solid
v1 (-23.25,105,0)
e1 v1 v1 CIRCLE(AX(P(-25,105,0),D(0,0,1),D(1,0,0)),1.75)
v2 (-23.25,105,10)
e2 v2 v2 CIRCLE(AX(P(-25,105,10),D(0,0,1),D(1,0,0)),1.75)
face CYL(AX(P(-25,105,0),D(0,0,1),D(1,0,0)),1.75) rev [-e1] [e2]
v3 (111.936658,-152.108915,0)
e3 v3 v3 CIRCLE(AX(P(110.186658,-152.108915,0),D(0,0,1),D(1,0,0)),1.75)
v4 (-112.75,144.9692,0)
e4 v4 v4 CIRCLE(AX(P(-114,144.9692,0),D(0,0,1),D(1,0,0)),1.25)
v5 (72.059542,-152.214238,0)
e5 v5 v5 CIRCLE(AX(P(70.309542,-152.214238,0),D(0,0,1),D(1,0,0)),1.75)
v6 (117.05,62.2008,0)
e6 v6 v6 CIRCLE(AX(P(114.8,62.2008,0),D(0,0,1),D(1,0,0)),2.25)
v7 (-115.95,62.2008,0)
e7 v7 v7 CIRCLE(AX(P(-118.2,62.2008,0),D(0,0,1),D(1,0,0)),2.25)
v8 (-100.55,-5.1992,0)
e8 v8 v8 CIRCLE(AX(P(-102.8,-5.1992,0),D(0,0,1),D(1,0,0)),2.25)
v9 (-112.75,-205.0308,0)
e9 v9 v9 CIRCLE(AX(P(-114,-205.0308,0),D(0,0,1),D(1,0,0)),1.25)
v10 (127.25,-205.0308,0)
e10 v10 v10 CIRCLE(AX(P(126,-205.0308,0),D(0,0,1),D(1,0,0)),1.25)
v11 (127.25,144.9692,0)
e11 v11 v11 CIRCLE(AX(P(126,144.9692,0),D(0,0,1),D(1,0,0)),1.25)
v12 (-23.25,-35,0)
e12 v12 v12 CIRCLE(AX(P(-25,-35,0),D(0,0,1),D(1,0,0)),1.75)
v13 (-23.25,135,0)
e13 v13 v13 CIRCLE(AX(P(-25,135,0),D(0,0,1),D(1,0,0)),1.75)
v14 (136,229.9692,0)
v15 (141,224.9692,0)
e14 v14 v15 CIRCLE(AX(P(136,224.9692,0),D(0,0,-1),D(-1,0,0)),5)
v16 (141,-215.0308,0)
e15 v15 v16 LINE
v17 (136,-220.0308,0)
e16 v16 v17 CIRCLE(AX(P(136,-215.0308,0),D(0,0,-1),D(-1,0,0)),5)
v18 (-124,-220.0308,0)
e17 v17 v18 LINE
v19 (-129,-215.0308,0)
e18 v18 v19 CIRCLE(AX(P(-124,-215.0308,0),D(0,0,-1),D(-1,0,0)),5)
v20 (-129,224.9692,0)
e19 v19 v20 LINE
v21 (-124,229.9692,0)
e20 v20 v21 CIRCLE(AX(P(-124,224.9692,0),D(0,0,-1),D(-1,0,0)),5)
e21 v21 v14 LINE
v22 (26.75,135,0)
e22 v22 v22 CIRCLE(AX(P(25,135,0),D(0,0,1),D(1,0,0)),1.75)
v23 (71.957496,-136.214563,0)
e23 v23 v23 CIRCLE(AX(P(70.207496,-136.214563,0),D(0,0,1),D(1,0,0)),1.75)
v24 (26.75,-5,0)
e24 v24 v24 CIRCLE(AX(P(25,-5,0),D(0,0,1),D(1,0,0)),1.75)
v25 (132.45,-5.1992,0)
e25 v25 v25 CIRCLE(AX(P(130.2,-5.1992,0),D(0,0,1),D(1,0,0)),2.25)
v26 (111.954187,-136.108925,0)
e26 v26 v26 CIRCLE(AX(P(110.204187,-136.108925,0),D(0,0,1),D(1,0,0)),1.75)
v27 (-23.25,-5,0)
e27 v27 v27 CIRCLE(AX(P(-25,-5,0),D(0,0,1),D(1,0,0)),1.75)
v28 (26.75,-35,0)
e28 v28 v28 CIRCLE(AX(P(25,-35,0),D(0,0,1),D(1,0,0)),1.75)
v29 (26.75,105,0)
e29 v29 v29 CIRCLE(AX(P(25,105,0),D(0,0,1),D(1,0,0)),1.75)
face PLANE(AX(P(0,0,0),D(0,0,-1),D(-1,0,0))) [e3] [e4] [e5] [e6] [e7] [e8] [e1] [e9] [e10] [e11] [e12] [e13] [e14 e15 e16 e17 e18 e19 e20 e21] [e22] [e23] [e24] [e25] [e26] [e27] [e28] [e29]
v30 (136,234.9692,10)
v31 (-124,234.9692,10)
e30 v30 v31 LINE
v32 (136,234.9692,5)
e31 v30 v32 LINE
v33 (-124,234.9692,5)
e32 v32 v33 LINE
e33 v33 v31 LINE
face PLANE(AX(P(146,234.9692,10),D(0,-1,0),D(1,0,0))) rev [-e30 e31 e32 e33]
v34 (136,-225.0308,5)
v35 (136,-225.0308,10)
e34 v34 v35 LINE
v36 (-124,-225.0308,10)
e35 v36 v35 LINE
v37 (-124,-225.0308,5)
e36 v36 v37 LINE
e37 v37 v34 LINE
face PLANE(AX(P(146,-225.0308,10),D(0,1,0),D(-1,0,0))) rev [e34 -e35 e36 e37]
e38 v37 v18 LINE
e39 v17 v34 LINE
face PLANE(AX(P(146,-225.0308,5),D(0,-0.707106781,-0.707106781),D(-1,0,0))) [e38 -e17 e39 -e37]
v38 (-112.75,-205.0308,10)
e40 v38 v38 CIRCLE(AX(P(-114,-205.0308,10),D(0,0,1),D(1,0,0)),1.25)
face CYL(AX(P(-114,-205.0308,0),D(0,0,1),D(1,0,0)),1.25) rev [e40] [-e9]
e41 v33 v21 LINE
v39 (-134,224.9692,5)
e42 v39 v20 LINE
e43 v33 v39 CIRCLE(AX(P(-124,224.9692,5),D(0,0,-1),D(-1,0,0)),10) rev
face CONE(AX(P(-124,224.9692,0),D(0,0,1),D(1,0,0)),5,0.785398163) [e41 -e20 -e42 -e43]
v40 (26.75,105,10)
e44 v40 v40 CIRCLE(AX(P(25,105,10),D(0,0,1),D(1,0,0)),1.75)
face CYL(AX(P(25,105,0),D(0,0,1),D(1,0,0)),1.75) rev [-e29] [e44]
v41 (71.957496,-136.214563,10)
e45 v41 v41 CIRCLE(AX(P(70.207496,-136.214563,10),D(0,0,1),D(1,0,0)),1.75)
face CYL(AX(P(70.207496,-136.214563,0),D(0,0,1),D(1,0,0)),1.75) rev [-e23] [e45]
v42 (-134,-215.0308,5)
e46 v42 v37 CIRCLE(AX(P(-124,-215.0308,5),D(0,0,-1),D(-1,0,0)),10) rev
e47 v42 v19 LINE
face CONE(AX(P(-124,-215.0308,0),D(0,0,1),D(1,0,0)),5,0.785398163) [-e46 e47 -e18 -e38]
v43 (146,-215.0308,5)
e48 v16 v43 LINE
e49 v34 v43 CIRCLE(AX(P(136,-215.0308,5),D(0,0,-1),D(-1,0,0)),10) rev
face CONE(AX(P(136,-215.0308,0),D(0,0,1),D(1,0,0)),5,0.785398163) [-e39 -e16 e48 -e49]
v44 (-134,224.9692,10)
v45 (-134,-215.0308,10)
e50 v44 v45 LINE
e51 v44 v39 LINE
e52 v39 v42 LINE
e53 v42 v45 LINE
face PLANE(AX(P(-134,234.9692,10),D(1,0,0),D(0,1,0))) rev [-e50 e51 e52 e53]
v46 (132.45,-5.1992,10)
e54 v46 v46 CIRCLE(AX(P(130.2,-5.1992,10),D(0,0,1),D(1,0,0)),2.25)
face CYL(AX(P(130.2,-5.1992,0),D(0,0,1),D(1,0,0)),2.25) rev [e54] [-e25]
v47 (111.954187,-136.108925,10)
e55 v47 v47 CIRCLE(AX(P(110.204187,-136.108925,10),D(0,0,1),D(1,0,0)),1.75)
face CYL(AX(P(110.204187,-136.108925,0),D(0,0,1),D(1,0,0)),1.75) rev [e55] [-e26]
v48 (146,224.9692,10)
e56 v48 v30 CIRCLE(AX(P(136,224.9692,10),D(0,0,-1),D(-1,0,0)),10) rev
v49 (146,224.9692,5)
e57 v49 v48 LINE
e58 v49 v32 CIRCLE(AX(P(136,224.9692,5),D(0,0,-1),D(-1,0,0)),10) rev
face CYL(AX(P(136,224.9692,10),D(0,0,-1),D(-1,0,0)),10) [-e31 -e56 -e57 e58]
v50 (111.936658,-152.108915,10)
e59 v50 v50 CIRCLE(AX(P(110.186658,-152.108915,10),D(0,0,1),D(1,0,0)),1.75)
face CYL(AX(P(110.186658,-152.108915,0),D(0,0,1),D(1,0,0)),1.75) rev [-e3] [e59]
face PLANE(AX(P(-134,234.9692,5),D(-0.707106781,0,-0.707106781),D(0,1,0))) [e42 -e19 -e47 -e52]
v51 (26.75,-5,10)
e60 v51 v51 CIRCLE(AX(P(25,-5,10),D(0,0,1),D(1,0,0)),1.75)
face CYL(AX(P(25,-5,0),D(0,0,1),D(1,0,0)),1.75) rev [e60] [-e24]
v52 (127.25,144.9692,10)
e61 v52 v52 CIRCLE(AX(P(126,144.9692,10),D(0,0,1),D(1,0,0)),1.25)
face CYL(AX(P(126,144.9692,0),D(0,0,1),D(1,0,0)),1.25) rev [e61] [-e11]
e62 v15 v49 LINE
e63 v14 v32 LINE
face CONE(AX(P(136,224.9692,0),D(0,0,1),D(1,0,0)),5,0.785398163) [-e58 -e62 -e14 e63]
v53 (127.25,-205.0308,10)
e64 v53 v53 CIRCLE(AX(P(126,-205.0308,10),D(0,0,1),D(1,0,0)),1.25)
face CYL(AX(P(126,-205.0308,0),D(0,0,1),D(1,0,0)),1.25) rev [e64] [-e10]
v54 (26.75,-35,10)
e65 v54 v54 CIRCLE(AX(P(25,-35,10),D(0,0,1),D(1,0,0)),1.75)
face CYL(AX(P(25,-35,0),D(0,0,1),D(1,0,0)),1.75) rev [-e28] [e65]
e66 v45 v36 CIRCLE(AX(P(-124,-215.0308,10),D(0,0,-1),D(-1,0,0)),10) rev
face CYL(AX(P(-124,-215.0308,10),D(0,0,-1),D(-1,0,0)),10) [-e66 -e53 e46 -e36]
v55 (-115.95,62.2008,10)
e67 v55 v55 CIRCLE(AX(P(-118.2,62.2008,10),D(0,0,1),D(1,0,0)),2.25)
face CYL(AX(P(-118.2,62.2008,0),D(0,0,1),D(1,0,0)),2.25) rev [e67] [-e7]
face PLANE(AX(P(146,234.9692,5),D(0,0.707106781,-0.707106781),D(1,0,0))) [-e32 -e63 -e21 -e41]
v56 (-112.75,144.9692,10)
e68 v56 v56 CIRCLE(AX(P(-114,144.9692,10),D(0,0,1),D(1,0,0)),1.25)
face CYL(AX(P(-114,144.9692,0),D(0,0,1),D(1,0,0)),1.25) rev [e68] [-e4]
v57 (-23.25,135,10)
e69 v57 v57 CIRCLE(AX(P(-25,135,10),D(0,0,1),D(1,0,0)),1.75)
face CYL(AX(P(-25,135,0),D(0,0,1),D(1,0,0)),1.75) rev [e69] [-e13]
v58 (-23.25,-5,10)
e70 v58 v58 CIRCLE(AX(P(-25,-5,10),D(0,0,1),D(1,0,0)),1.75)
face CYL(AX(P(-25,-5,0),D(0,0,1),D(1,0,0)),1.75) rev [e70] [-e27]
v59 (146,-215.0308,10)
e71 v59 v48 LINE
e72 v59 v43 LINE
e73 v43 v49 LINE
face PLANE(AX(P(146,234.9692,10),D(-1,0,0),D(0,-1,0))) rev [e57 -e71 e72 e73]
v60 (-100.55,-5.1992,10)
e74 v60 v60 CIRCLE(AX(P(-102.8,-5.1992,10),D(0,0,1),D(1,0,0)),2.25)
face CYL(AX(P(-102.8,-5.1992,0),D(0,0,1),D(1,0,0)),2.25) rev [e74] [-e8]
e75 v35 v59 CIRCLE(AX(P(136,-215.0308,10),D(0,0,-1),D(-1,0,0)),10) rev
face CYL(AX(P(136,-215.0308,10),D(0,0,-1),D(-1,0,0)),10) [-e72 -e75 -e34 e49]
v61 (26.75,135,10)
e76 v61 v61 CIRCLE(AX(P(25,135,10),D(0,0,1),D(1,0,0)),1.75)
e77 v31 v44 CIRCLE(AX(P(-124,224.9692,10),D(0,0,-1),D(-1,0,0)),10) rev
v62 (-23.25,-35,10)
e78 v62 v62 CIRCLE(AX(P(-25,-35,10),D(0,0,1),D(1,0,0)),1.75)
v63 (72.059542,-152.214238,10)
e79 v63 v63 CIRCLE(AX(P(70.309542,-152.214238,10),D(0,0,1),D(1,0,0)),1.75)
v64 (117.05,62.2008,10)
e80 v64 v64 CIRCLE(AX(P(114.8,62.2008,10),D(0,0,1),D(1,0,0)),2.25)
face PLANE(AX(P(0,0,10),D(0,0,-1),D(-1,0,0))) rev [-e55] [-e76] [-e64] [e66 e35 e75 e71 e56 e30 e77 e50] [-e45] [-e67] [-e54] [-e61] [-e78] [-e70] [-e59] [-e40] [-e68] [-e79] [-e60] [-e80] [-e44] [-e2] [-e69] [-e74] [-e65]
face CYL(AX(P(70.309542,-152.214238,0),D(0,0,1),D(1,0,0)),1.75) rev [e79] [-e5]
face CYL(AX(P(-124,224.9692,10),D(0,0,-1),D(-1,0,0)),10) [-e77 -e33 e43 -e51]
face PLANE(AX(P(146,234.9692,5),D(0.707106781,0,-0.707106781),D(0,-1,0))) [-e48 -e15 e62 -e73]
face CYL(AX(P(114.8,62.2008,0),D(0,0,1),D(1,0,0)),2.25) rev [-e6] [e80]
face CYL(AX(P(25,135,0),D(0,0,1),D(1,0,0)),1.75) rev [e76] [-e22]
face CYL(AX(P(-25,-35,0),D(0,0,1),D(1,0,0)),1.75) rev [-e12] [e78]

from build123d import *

# Parameters (mm, degrees)
SKICA1_W                 = 280
SKICA1_H                 = 460
P_IDAT_VYSUNUT_M1_DEPTH  = 10
SKICA3_R                 = 1.75
SKICA3_R_2               = 2.25
ODEBRAT_VYSUNUT_M1_DEPTH = 10
SKICA4_R                 = 1.25
ODEBRAT_VYSUNUT_M2_DEPTH = 10
ZAOBLIT1_R               = 10
ZKOSEN_1_SIZE            = 5


with BuildPart() as part:
    # Skica1 → Přidat vysunutím1 (new body)
    with BuildSketch(Plane.XY):
        with Locations((6, 4.9692)):
            Rectangle(SKICA1_W, SKICA1_H)
    extrude(amount=P_IDAT_VYSUNUT_M1_DEPTH)

    # Skica3 → Odebrat vysunutím1 (cut)
    with BuildSketch(Plane.XY.offset(10)):
        with Locations((25, 135)):
            Circle(SKICA3_R)
        with Locations((25, 105)):
            Circle(SKICA3_R)
        with Locations((-25, 135)):
            Circle(SKICA3_R)
        with Locations((-25, 105)):
            Circle(SKICA3_R)
        with Locations((-102.8, -5.1992)):
            Circle(SKICA3_R_2)
        with Locations((110.186658443, -152.108914912)):
            Circle(SKICA3_R)
        with Locations((110.204187307, -136.108924514)):
            Circle(SKICA3_R)
        with Locations((70.309542186, -152.214237593)):
            Circle(SKICA3_R)
        with Locations((70.207496415, -136.214563013)):
            Circle(SKICA3_R)
        with Locations((114.8, 62.2008)):
            Circle(SKICA3_R_2)
        with Locations((130.2, -5.1992)):
            Circle(SKICA3_R_2)
        with Locations((-118.2, 62.2008)):
            Circle(SKICA3_R_2)
        with Locations((25, -5)):
            Circle(SKICA3_R)
        with Locations((25, -35)):
            Circle(SKICA3_R)
        with Locations((-25, -35)):
            Circle(SKICA3_R)
        with Locations((-25, -5)):
            Circle(SKICA3_R)
    extrude(amount=-ODEBRAT_VYSUNUT_M1_DEPTH, mode=Mode.SUBTRACT)

    # Skica4 → Odebrat vysunutím2 (cut)
    with BuildSketch(Plane.XY.offset(10)):
        with Locations((126, 144.9692)):
            Circle(SKICA4_R)
        with Locations((126, -205.0308)):
            Circle(SKICA4_R)
        with Locations((-114, -205.0308)):
            Circle(SKICA4_R)
        with Locations((-114, 144.9692)):
            Circle(SKICA4_R)
    extrude(amount=-ODEBRAT_VYSUNUT_M2_DEPTH, mode=Mode.SUBTRACT)

    # Zaoblit1
    zaoblit1_edges = [part.edges().sort_by_distance(p)[0] for p in [
        (146, -225.0308, 5),
        (-134, -225.0308, 5),
        (-134, 234.9692, 5),
        (146, 234.9692, 5),
    ]]
    fillet(zaoblit1_edges, radius=ZAOBLIT1_R)

    # Zkosení1
    zkosen_1_edges = [part.edges().sort_by_distance(p)[0] for p in [
        (6, -225.0308, 0),
        (146, 4.9692, 0),
        (-134, 4.9692, 0),
        (6, 234.9692, 0),
        (143.071067812, -222.101867812, 0),
        (143.071067812, 232.040267812, 0),
        (-131.071067812, 232.040267812, 0),
        (-131.071067812, -222.101867812, 0),
    ]]
    chamfer(zkosen_1_edges, length=ZKOSEN_1_SIZE)


solid = part.part
